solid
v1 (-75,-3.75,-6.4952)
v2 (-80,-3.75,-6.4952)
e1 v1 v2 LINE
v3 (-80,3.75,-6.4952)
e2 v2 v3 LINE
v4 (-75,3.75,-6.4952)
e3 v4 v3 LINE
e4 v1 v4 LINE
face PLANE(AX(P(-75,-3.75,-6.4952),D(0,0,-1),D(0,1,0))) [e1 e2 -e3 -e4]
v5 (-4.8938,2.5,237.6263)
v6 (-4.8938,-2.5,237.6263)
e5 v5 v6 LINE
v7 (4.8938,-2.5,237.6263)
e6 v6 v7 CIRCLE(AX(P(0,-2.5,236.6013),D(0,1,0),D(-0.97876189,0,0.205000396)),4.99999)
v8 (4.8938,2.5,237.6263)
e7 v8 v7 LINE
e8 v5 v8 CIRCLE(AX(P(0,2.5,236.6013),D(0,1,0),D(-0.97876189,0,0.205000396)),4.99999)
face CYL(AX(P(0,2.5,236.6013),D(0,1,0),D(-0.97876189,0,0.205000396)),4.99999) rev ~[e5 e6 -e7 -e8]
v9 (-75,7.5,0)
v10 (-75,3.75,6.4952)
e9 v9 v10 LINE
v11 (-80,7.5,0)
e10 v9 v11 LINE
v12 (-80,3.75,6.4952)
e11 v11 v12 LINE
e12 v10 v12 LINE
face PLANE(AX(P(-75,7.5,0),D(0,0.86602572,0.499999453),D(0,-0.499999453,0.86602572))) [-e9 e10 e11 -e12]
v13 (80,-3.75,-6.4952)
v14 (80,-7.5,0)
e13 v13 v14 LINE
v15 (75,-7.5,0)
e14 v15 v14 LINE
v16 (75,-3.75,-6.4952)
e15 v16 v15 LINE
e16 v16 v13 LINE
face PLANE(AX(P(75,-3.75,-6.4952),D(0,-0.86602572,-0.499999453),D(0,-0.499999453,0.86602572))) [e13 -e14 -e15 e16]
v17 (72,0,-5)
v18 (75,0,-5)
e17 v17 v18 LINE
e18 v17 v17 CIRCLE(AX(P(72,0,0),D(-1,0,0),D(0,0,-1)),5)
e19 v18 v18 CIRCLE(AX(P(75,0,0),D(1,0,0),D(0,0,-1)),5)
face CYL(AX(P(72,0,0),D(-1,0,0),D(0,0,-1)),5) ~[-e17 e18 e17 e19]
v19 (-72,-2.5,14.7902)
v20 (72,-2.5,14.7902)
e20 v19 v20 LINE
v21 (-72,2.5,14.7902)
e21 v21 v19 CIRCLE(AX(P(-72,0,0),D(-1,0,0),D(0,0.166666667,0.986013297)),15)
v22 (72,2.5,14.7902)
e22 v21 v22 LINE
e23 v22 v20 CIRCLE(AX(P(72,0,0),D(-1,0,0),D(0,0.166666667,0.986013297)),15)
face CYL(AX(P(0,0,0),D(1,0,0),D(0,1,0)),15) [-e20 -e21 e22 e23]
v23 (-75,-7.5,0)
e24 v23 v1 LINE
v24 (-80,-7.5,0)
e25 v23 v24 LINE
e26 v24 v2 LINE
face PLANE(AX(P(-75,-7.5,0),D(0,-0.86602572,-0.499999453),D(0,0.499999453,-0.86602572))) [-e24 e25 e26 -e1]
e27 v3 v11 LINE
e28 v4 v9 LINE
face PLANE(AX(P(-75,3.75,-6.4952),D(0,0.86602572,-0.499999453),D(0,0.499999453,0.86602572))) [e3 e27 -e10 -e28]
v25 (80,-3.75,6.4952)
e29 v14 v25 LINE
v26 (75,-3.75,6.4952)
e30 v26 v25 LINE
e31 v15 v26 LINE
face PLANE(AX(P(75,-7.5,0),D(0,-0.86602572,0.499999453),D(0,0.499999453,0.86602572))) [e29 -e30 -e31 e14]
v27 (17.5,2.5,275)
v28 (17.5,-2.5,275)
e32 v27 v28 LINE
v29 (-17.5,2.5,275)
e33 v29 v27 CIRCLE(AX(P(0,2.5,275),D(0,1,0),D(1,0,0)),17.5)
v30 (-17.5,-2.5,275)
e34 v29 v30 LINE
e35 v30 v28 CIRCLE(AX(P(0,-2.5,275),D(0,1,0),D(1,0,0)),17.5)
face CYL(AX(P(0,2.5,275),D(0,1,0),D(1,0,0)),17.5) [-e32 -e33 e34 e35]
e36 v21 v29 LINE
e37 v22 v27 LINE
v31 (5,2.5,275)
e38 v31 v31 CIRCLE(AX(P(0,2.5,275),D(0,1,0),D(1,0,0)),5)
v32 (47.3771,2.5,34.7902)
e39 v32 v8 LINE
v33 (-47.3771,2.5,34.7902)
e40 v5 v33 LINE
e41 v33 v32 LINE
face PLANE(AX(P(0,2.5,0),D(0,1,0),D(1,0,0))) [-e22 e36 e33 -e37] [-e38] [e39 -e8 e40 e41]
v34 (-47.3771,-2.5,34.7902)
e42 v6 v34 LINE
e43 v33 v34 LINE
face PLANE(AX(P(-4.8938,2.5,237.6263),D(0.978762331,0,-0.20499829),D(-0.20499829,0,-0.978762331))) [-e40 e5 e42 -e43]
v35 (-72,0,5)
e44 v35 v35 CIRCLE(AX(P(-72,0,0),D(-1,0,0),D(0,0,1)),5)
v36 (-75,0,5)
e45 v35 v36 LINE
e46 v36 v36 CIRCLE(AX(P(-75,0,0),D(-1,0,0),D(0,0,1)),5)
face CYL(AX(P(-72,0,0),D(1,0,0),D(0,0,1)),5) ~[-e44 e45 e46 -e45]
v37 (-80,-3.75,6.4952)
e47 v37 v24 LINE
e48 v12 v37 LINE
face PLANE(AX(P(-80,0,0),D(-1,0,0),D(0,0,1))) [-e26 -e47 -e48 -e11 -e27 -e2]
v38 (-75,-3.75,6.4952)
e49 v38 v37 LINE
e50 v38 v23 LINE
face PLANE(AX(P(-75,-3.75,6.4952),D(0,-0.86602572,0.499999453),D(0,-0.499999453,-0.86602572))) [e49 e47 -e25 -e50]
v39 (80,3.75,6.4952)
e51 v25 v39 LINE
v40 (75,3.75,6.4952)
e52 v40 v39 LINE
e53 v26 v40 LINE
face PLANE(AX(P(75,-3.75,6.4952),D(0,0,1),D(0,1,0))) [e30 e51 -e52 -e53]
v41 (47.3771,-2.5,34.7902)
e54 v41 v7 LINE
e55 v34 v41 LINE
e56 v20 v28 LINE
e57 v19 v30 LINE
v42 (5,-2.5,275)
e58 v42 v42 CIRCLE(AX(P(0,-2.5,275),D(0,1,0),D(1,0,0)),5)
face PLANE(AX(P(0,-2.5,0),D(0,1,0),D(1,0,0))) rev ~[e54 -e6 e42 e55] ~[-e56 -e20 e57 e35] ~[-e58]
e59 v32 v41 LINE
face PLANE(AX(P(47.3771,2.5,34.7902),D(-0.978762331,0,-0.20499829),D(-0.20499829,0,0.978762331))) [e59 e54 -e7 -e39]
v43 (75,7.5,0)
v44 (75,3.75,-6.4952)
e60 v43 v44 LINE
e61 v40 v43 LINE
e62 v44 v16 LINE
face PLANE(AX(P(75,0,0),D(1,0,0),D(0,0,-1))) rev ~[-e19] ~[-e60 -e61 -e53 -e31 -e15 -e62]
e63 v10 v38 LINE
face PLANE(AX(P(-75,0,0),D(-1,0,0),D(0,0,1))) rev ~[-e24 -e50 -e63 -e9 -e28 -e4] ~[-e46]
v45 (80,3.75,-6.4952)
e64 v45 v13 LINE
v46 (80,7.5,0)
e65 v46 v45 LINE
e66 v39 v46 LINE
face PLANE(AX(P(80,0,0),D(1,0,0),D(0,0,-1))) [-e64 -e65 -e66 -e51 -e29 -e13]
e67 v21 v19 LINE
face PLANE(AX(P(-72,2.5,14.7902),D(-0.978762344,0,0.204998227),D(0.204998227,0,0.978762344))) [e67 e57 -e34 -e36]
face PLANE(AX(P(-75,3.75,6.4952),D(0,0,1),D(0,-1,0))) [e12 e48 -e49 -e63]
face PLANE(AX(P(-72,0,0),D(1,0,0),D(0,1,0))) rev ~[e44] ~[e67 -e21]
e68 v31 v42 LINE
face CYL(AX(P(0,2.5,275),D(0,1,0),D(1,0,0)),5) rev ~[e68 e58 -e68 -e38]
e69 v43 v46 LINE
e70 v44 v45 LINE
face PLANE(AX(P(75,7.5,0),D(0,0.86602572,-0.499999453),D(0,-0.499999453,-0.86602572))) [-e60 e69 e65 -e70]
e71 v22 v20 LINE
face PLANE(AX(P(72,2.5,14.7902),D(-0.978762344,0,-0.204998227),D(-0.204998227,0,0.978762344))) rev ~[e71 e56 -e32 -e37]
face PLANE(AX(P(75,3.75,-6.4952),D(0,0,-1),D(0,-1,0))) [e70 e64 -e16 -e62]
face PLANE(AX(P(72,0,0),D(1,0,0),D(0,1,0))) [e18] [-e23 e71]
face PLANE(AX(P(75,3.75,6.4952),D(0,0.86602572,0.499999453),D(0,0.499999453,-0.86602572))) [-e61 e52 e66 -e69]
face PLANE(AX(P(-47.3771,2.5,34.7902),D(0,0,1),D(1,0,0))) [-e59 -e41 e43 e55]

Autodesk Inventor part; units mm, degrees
ref_plane "YZ Plane" through (0, 0, 0) normal (1, 0, 0) x (0, 1, 0)
ref_plane "XZ Plane" through (0, 0, 0) normal (0, 1, 0) x (-1, 0, 0)
ref_plane "XY Plane" through (0, 0, 0) normal (0, 0, 1) x (1, 0, 0)
sketch "스케치1" plane through (0, 0, 0) normal (1, 0, 0) x (0, 1, 0)
  circle A0 centre (0, 0) radius 15
  dimension "d0" = 30
extrude "돌출1" add sketch "스케치1" along normal mid plane 144
sketch "스케치2" plane through (72, 0, 0) normal (1, 0, 0) x (0, 0, -1)
  circle A0 centre (0, 0) radius 5
  dimension "d3" = 10
sketch "스케치3" plane through (-72, 0, 0) normal (-1, 0, 0) x (0, 0, 1)
  circle A0 centre (0, 0) radius 5
  dimension "d4" = 10
extrude "돌출2" add sketch "스케치3" along normal blind 3
extrude "돌출3" add sketch "스케치2" along normal blind 3
sketch "스케치4" plane through (75, 0, 0) normal (1, 0, 0) x (0, 0, -1)
  line L0 (0, 7.5) -> (6.4952, 3.75)
  line L1 (6.4952, 3.75) -> (6.4952, -3.75)
  line L2 (6.4952, -3.75) -> (0, -7.5)
  line L3 (0, -7.5) -> (-6.4952, -3.75)
  line L4 (-6.4952, -3.75) -> (-6.4952, 3.75)
  line L5 (-6.4952, 3.75) -> (0, 7.5)
  point P0 (0, 0)
  point P1 (0, 0)
  dimension "d9" = 15
extrude "돌출4" add sketch "스케치4" along normal blind 5
sketch "스케치5" plane through (-75, 0, 0) normal (-1, 0, 0) x (0, 0, 1)
  circle A0 centre (0, 0) radius 5 projected
  line L0 (0, 7.5) -> (6.4952, 3.75)
  line L1 (6.4952, 3.75) -> (6.4952, -3.75)
  line L2 (6.4952, -3.75) -> (0, -7.5)
  line L3 (0, -7.5) -> (-6.4952, -3.75)
  line L4 (-6.4952, -3.75) -> (-6.4952, 3.75)
  line L5 (-6.4952, 3.75) -> (0, 7.5)
  dimension "d12" = 15
extrude "돌출5" add sketch "스케치5" along normal blind 5 contours A0 | L0 L1 L2 L3 L4 L5
sketch "스케치11" plane through (0, 0, 0) normal (0, 1, 0) x (-1, 0, 0)
  line L0 (72, 5) -> (72, -5) projected
  line L1 (72, 0) -> (72, 275)
  line L2 (-72, 15) -> (-72, -15) projected
  line L3 (72, 275) -> (-72, 275)
  line L4 (-72, 275) -> (-72, 0)
  line L5 (72, 0) -> (-72, 0)
  line L6 (-75, 6.4952) -> (-75, 0) projected
  point P0 (0, 0)
  dimension "d32" = 275
extrude "돌출12" add sketch "스케치11" along normal mid plane 5
sketch "스케치12" plane through (0, 2.5, 0) normal (0, 1, 0) x (1, 0, 0)
  line L0 (-72, -14.7902) -> (72, -14.7902) projected
  line L1 (-72, -14.7902) -> (-17.5, -275)
  line L2 (-72, -275) -> (72, -275) projected
  line L3 (0, -275) -> (0, -66.6038)
  line L4 (72, -14.7902) -> (17.5, -275)
  line L5 (-72, -14.7902) -> (-72, -275) projected
  line L6 (72, -275) -> (72, -14.7902) projected
  point P0 (0, 0)
  dimension "d37" = 35
extrude "돌출13" cut sketch "스케치12" against normal blind 5 contours L1 L2 L5 | L6 L2 L4
sketch "스케치13" plane through (0, 2.5, 0) normal (0, 1, 0) x (1, 0, 0)
  line L0 (-17.5, -275) -> (17.5, -275) projected
  circle A0 centre (0, -275) radius 17.5
  point P0 (0, 0)
extrude "돌출14" add sketch "스케치13" against normal blind 5 contours L0 A0 picked at (2.0685, -280.4543)
sketch "스케치14" plane through (0, 2.5, 0) normal (0, 1, 0) x (1, 0, 0)
  arc A0 (-17.5, -275) -> (17.5, -275) centre (0, -275) ccw projected
  circle A1 centre (0, -275) radius 5
  line L0 (-72, -14.7902) -> (-17.5, -275) projected
  line L1 (17.5, -275) -> (72, -14.7902) projected
  line L2 (-72, -14.7902) -> (72, -14.7902) projected
  line L3 (-72, -14.7902) -> (-17.5, -275) projected
  arc A2 (-17.5, -275) -> (17.5, -275) centre (0, -275) ccw projected
  line L4 (47.3771, -34.7902) -> (4.8938, -237.6263)
  line L5 (-4.8938, -237.6263) -> (-47.3771, -34.7902)
  line L6 (-47.3771, -34.7902) -> (47.3771, -34.7902)
  arc A3 (-4.8938, -237.6263) -> (4.8938, -237.6263) centre (0, -236.6013) ccw
  point P0 (0, 0)
  dimension "d40" = 10
  dimension "d41" = 20
  dimension "d42" = 5
extrude "돌출15" cut sketch "스케치14" against normal blind 5 contours A1 | L4 A3 L5 L6
properties part number "link"
